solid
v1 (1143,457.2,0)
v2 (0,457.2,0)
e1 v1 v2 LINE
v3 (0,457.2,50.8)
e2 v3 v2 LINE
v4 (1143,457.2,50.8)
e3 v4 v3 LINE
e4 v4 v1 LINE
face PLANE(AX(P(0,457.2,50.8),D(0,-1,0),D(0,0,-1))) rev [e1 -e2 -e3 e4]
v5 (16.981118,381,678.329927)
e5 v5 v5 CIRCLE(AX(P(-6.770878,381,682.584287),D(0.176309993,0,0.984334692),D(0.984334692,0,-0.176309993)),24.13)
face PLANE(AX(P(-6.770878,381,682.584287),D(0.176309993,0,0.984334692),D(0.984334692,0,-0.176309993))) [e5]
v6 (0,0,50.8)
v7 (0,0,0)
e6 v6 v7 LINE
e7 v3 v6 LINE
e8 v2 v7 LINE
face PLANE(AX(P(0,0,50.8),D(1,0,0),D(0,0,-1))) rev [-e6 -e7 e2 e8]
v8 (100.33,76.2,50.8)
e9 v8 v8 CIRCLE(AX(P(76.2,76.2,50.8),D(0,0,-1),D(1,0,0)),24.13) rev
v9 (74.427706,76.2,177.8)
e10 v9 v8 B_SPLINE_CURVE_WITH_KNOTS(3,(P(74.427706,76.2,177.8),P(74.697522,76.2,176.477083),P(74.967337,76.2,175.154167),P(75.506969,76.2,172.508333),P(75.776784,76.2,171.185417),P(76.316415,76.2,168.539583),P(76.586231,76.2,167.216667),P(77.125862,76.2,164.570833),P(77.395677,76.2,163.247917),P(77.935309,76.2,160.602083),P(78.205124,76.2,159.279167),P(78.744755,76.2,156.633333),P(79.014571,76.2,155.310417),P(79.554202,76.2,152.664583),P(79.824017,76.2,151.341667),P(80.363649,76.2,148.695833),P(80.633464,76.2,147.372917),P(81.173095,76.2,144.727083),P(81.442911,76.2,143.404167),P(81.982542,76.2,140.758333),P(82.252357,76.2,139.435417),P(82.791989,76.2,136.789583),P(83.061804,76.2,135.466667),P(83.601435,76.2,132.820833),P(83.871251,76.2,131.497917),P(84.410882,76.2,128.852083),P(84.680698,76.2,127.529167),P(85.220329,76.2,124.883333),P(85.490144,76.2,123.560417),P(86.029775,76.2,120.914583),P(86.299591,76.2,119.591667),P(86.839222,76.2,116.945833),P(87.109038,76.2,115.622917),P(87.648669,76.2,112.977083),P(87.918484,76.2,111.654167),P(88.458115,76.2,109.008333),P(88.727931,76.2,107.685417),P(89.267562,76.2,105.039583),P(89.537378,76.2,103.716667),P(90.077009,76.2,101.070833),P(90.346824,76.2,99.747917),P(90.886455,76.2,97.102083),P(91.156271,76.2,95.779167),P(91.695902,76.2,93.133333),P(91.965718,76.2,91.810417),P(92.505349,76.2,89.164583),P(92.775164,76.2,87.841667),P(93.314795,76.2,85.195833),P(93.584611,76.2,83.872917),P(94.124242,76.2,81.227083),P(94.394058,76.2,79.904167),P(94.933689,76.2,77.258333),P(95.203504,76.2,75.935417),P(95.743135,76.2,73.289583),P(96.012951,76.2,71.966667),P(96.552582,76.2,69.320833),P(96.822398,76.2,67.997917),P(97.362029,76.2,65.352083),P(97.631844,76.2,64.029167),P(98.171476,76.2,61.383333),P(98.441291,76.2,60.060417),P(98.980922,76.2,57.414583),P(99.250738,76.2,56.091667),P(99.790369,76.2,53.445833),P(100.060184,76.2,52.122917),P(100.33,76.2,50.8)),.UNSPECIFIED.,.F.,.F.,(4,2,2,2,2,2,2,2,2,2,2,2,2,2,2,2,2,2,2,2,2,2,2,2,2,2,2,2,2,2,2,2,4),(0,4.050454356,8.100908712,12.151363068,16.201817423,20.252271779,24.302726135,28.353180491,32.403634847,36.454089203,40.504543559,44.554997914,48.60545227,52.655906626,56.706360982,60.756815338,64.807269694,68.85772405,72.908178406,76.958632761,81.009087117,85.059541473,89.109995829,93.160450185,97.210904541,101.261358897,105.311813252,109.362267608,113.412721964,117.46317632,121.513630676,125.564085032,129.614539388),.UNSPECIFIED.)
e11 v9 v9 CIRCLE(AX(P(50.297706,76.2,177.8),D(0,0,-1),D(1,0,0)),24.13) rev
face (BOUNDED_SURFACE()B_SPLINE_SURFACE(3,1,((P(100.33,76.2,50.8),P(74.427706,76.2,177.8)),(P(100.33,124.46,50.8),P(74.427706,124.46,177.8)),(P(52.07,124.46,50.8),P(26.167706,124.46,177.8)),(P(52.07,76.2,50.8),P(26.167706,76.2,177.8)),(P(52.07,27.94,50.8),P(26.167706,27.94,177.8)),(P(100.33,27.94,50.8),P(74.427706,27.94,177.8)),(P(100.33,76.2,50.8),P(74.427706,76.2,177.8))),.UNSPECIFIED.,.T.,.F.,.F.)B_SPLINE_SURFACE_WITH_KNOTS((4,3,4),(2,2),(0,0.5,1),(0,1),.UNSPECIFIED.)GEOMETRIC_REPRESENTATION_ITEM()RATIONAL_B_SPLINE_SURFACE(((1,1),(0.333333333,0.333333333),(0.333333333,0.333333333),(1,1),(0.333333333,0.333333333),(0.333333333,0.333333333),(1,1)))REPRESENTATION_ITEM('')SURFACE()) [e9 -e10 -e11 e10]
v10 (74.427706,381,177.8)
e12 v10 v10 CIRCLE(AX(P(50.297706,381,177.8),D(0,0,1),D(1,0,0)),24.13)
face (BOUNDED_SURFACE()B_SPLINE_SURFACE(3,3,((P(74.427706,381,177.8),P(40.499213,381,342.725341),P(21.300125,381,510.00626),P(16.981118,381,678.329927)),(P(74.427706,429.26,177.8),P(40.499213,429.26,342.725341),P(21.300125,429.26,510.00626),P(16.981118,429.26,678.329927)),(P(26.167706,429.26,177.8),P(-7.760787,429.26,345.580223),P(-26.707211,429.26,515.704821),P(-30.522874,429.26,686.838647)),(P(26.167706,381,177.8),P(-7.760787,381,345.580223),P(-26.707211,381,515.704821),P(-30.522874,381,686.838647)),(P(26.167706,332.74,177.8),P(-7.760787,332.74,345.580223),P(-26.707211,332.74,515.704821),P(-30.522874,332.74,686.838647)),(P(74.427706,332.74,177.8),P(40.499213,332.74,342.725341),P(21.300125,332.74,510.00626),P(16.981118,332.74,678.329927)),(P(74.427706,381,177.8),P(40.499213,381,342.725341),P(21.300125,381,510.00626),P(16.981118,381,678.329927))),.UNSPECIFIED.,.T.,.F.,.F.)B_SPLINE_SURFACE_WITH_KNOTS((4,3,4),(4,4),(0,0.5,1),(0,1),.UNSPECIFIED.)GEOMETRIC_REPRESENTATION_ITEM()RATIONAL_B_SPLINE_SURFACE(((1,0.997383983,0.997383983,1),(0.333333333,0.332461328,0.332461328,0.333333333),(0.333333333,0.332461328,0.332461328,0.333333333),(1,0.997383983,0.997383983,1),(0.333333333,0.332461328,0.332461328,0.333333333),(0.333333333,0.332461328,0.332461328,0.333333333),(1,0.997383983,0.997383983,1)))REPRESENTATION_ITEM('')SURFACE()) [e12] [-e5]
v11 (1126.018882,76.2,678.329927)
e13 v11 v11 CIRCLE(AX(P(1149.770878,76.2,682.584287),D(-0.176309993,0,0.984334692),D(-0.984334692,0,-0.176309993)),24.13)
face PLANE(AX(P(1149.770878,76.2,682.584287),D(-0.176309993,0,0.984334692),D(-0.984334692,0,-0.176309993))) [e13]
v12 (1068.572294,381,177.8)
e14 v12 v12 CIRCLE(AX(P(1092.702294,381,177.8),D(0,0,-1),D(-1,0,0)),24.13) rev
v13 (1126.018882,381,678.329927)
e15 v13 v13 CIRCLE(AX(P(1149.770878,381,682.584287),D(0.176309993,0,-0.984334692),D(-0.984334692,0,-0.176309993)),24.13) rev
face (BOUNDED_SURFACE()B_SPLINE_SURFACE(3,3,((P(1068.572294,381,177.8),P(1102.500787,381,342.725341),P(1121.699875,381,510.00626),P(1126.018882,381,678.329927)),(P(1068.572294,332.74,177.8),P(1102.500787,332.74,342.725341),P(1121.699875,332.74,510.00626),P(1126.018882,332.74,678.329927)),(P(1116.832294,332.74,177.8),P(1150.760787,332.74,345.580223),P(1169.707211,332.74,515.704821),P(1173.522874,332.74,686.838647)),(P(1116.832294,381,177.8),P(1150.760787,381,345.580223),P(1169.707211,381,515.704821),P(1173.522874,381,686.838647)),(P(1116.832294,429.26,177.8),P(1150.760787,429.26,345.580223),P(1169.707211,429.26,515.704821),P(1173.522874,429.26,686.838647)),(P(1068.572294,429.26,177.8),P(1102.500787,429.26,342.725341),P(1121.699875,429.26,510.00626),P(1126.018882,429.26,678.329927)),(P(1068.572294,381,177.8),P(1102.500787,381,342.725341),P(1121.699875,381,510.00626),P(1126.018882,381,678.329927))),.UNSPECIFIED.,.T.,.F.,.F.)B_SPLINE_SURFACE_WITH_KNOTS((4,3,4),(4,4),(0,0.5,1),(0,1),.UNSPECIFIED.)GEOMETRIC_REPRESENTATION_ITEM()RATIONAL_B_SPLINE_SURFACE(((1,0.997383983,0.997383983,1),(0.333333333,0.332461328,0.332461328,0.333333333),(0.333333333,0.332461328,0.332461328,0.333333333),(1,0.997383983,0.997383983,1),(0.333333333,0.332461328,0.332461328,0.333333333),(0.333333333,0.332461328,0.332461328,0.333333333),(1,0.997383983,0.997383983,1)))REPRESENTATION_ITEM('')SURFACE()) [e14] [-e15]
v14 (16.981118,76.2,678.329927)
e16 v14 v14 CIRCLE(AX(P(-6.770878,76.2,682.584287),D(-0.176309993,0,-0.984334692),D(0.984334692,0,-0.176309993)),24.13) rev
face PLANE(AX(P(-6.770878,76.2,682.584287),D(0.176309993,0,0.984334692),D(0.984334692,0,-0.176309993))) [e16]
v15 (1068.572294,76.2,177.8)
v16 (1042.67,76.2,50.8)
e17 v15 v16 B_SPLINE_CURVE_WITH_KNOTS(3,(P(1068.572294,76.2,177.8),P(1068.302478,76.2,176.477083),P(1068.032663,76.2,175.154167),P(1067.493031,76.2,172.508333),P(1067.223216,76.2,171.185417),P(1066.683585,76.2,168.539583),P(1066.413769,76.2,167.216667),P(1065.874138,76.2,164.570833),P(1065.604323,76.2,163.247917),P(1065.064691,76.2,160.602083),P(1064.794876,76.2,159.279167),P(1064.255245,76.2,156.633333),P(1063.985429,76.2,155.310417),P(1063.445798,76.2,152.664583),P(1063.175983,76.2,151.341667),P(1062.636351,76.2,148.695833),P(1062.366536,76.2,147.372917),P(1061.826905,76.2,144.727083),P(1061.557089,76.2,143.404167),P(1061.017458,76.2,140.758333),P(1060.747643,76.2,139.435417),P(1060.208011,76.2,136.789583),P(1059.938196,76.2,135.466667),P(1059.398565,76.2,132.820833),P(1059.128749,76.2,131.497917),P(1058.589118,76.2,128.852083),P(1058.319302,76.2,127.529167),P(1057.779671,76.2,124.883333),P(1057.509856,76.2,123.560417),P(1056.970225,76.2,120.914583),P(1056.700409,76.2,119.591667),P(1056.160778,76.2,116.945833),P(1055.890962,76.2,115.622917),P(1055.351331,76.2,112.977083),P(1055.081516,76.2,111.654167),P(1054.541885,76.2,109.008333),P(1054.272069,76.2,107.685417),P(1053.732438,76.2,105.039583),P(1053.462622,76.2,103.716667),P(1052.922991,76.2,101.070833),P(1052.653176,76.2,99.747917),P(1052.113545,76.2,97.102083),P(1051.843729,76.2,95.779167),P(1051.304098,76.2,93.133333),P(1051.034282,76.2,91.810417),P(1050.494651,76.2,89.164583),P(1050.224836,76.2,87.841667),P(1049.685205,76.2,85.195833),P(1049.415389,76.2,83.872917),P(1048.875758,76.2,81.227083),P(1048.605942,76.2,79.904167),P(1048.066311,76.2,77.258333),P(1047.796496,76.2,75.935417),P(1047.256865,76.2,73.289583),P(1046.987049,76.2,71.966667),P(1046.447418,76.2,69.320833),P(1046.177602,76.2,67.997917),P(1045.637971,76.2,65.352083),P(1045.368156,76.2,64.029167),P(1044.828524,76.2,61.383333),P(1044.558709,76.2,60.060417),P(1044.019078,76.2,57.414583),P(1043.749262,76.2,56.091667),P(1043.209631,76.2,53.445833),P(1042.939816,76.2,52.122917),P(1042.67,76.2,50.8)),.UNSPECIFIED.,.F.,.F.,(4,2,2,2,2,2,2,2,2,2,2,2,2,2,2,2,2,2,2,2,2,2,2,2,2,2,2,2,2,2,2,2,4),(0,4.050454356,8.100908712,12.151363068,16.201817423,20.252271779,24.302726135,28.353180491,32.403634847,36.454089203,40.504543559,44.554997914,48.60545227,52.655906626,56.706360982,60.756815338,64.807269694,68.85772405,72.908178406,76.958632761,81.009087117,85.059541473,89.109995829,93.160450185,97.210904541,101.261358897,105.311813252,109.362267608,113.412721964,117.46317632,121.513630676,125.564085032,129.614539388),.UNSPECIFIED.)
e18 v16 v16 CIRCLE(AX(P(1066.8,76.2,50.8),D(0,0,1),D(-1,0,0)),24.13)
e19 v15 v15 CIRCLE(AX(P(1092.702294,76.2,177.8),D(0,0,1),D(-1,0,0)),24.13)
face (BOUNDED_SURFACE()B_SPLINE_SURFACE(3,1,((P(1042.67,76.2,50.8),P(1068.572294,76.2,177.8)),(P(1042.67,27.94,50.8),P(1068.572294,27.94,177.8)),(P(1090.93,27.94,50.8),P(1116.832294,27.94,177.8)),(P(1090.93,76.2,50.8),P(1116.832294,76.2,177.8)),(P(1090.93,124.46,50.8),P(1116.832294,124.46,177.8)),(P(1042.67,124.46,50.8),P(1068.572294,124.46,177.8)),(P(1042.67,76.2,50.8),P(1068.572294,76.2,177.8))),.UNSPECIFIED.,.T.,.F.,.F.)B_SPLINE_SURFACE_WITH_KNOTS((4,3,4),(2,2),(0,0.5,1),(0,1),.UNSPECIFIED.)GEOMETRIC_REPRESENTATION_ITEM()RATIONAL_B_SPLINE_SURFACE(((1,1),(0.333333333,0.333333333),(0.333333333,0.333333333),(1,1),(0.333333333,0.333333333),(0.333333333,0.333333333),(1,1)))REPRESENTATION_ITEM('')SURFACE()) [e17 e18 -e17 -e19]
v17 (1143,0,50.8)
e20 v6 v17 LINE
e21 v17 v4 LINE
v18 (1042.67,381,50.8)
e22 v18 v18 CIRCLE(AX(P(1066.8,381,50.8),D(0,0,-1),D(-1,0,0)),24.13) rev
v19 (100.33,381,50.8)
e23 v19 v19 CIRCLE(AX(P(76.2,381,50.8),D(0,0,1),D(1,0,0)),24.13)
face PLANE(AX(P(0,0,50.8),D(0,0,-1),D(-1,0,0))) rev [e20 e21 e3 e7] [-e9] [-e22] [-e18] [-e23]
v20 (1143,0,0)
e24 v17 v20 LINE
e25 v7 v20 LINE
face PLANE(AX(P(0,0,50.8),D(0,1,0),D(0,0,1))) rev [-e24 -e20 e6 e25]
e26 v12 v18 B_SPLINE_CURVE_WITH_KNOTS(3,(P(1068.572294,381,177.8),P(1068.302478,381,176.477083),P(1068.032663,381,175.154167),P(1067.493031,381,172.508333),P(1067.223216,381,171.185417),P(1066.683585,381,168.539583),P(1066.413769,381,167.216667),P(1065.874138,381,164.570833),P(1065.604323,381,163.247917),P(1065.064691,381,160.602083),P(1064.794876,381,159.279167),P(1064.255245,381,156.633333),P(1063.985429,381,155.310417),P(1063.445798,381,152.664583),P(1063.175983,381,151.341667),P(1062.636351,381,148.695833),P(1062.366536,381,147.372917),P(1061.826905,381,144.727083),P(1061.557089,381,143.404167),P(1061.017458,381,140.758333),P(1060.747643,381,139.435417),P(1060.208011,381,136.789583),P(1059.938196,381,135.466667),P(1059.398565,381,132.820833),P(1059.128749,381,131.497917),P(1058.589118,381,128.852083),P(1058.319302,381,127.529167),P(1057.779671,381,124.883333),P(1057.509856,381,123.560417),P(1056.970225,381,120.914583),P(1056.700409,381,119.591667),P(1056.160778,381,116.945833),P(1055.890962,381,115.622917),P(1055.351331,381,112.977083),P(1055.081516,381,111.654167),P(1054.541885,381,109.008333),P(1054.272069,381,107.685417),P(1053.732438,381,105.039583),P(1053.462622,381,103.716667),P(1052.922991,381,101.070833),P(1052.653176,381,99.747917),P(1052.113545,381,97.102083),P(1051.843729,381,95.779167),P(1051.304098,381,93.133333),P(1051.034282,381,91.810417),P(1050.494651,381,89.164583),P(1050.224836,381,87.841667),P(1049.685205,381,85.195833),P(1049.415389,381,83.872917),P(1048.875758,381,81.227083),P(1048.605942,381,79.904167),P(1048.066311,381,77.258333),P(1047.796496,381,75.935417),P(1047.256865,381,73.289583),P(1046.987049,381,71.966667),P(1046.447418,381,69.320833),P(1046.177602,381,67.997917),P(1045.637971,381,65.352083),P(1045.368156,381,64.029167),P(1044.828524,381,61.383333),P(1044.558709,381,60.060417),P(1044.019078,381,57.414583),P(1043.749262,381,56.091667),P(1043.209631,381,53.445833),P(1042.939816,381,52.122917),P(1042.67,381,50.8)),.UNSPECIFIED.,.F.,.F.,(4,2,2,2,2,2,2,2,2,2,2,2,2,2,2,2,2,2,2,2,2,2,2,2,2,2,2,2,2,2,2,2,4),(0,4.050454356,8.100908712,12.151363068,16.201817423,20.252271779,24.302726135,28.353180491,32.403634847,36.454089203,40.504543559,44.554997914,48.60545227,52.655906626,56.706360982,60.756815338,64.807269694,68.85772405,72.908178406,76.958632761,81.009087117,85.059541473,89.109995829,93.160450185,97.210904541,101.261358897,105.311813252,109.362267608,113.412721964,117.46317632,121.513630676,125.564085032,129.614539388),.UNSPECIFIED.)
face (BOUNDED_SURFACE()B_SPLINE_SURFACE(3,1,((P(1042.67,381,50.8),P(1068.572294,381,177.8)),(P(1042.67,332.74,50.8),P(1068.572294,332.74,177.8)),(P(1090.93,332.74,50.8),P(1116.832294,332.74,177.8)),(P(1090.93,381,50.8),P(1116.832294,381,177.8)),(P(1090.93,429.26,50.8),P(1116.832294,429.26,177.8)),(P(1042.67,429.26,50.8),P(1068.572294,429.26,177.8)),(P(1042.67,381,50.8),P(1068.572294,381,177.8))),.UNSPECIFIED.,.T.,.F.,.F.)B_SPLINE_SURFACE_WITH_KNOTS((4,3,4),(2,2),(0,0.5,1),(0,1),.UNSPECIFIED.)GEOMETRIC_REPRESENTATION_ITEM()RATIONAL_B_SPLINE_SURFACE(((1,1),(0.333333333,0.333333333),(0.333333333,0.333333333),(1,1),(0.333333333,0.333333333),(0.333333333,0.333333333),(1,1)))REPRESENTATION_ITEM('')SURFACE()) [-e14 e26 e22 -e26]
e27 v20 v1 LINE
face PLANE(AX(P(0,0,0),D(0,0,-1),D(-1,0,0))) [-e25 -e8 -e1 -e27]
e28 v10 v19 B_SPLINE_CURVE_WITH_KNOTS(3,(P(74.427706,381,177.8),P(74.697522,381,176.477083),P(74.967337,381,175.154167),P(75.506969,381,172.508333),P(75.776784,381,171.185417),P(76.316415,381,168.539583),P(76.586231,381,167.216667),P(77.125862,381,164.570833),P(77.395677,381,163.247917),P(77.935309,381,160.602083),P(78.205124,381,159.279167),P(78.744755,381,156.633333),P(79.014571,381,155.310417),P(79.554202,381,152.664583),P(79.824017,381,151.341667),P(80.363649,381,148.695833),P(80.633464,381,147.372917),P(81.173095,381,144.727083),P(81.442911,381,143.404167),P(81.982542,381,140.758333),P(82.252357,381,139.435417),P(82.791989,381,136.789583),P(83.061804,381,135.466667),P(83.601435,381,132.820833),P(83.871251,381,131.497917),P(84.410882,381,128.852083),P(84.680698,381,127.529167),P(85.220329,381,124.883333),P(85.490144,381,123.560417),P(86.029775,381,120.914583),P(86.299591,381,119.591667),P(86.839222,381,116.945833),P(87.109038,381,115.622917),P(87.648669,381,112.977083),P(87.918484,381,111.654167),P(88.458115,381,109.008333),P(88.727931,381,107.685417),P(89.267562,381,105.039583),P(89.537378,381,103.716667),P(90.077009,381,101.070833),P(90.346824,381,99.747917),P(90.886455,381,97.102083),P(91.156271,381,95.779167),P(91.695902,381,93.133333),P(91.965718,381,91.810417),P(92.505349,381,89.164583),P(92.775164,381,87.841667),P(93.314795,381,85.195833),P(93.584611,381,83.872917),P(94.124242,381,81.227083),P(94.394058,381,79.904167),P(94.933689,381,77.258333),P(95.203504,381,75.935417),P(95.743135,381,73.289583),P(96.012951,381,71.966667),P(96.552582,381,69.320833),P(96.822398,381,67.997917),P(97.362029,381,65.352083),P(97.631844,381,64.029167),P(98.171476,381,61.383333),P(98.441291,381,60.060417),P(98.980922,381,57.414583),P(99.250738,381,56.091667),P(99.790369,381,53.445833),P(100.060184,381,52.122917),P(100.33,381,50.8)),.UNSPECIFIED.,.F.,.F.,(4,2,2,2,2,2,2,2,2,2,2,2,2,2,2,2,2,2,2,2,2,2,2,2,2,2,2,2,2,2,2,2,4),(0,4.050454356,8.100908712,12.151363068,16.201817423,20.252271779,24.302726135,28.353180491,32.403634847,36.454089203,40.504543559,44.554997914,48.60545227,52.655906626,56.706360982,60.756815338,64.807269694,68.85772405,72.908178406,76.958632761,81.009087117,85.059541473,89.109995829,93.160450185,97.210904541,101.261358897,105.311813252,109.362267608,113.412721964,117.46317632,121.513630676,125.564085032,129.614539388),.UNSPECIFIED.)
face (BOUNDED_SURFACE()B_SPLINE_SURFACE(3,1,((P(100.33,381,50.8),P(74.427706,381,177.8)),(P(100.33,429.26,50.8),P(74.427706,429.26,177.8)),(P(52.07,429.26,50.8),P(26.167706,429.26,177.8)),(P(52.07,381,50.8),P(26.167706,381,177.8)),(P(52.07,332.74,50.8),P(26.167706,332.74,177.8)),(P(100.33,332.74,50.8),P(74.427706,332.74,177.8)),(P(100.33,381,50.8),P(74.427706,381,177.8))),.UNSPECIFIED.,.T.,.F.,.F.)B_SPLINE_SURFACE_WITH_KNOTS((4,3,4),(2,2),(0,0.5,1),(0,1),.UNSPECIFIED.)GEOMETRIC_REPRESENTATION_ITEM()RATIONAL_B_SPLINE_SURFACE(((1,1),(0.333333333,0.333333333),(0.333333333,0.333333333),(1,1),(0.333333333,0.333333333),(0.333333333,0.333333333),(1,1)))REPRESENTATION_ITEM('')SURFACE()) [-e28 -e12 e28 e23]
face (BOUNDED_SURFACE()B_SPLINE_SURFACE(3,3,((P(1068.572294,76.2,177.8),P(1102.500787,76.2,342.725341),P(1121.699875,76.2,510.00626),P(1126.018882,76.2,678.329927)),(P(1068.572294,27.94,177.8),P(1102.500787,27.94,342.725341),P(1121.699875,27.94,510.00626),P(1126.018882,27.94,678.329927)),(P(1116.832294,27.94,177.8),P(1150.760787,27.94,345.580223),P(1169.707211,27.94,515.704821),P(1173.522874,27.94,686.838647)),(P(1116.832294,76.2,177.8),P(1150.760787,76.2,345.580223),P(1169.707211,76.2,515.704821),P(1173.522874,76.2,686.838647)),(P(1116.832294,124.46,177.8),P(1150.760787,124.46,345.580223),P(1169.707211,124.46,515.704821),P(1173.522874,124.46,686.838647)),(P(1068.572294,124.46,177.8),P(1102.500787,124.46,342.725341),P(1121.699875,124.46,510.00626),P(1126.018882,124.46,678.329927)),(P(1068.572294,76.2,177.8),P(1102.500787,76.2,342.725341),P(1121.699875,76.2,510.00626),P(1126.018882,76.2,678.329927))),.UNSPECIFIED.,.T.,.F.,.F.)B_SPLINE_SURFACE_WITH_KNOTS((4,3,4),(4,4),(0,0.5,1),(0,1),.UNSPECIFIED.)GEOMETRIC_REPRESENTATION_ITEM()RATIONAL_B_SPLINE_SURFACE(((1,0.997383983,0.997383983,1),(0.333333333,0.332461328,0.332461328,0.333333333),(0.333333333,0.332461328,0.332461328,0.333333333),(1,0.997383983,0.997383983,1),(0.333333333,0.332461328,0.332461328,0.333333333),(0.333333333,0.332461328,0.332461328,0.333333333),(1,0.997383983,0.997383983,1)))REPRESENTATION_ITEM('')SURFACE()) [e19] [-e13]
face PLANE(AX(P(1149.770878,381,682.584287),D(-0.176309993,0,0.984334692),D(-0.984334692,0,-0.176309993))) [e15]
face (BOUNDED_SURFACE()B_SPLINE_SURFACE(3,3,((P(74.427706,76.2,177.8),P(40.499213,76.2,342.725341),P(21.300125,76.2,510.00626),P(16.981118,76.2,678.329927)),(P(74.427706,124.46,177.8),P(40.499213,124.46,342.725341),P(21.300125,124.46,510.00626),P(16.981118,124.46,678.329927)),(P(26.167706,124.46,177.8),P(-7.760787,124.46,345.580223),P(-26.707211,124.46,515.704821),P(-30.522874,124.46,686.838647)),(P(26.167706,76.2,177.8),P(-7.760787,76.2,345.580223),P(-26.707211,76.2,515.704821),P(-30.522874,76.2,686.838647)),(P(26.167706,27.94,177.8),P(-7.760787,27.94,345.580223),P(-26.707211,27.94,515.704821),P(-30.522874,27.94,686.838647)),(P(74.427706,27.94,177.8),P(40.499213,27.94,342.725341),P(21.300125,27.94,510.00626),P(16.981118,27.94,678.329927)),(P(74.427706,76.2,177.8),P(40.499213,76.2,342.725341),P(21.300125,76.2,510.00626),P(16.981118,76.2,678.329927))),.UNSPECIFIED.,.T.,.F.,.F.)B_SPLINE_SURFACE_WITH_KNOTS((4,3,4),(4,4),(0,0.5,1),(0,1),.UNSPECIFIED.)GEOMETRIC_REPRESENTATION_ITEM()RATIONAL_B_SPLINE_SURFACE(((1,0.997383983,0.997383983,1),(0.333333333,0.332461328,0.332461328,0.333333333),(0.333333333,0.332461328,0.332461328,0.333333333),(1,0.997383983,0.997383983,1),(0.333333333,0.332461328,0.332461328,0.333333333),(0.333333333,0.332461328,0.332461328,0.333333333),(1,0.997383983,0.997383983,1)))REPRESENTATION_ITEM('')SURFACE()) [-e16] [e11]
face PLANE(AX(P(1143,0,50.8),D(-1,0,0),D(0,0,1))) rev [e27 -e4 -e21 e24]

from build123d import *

# Parameters (mm, degrees)
SKETCH1_W               = 1143
SKETCH1_H               = 457.2
TABLETOP_DEPTH          = 50.8
PROFILE_R               = 24.13
MIRROR2_COPY_1_SKETCH_R = 24.13


with BuildPart() as part:
    # Sketch1 → TableTop (new body)
    with BuildSketch(Plane.XY):
        with Locations((571.5, 228.6)):
            Rectangle(SKETCH1_W, SKETCH1_H)
    extrude(amount=TABLETOP_DEPTH)

    # Sweep1: sweep along a path in Sketch11
    with BuildLine(Plane(origin=(0, 381, 0), x_dir=(1, 0, 0), z_dir=(0, 1, 0))) as sweep1_path:
        Line((76.2, -50.8), (50.297706266, -177.8))
        ThreePointArc((50.297706266, -177.8), (10.572817848, -428.926986426), (-6.770877712, -682.584287318))
    # Profile → Sweep1 (sweep)
    with BuildSketch(Plane.XY.offset(50.8)):
        with Locations((76.2, 381)):
            Circle(PROFILE_R)
    sweep1 = sweep(path=sweep1_path.line)

    # Mirror1: Sweep1 across plane
    add(sweep1.mirror(Plane(origin=(571.5, 0, 0), x_dir=(0, 0, 1), z_dir=(1, 0, 0))))

    # Mirror2: Sweep1 across plane
    add(sweep1.mirror(Plane.ZX.offset(228.6)))

    # Mirror2 copy 1: sweep along a path in Mirror2 copy 1 path
    with BuildLine(Plane(origin=(1143, 76.2, 0), x_dir=(-1, 0, 0), z_dir=(0, -1, 0))) as mirror2_copy_1_path:
        Line((76.2, -50.8), (50.297706266, -177.8))
        ThreePointArc((50.297706266, -177.8), (10.572817848, -428.926986426), (-6.770877712, -682.584287318))
    # Mirror2 copy 1 sketch → Mirror2 copy 1 (sweep)
    with BuildSketch(Plane(origin=(1143, 457.2, 50.8), x_dir=(-1, 0, 0), z_dir=(0, 0, 1))):
        with Locations((76.2, 381)):
            Circle(MIRROR2_COPY_1_SKETCH_R)
    sweep(path=mirror2_copy_1_path.line)


solid = part.part
